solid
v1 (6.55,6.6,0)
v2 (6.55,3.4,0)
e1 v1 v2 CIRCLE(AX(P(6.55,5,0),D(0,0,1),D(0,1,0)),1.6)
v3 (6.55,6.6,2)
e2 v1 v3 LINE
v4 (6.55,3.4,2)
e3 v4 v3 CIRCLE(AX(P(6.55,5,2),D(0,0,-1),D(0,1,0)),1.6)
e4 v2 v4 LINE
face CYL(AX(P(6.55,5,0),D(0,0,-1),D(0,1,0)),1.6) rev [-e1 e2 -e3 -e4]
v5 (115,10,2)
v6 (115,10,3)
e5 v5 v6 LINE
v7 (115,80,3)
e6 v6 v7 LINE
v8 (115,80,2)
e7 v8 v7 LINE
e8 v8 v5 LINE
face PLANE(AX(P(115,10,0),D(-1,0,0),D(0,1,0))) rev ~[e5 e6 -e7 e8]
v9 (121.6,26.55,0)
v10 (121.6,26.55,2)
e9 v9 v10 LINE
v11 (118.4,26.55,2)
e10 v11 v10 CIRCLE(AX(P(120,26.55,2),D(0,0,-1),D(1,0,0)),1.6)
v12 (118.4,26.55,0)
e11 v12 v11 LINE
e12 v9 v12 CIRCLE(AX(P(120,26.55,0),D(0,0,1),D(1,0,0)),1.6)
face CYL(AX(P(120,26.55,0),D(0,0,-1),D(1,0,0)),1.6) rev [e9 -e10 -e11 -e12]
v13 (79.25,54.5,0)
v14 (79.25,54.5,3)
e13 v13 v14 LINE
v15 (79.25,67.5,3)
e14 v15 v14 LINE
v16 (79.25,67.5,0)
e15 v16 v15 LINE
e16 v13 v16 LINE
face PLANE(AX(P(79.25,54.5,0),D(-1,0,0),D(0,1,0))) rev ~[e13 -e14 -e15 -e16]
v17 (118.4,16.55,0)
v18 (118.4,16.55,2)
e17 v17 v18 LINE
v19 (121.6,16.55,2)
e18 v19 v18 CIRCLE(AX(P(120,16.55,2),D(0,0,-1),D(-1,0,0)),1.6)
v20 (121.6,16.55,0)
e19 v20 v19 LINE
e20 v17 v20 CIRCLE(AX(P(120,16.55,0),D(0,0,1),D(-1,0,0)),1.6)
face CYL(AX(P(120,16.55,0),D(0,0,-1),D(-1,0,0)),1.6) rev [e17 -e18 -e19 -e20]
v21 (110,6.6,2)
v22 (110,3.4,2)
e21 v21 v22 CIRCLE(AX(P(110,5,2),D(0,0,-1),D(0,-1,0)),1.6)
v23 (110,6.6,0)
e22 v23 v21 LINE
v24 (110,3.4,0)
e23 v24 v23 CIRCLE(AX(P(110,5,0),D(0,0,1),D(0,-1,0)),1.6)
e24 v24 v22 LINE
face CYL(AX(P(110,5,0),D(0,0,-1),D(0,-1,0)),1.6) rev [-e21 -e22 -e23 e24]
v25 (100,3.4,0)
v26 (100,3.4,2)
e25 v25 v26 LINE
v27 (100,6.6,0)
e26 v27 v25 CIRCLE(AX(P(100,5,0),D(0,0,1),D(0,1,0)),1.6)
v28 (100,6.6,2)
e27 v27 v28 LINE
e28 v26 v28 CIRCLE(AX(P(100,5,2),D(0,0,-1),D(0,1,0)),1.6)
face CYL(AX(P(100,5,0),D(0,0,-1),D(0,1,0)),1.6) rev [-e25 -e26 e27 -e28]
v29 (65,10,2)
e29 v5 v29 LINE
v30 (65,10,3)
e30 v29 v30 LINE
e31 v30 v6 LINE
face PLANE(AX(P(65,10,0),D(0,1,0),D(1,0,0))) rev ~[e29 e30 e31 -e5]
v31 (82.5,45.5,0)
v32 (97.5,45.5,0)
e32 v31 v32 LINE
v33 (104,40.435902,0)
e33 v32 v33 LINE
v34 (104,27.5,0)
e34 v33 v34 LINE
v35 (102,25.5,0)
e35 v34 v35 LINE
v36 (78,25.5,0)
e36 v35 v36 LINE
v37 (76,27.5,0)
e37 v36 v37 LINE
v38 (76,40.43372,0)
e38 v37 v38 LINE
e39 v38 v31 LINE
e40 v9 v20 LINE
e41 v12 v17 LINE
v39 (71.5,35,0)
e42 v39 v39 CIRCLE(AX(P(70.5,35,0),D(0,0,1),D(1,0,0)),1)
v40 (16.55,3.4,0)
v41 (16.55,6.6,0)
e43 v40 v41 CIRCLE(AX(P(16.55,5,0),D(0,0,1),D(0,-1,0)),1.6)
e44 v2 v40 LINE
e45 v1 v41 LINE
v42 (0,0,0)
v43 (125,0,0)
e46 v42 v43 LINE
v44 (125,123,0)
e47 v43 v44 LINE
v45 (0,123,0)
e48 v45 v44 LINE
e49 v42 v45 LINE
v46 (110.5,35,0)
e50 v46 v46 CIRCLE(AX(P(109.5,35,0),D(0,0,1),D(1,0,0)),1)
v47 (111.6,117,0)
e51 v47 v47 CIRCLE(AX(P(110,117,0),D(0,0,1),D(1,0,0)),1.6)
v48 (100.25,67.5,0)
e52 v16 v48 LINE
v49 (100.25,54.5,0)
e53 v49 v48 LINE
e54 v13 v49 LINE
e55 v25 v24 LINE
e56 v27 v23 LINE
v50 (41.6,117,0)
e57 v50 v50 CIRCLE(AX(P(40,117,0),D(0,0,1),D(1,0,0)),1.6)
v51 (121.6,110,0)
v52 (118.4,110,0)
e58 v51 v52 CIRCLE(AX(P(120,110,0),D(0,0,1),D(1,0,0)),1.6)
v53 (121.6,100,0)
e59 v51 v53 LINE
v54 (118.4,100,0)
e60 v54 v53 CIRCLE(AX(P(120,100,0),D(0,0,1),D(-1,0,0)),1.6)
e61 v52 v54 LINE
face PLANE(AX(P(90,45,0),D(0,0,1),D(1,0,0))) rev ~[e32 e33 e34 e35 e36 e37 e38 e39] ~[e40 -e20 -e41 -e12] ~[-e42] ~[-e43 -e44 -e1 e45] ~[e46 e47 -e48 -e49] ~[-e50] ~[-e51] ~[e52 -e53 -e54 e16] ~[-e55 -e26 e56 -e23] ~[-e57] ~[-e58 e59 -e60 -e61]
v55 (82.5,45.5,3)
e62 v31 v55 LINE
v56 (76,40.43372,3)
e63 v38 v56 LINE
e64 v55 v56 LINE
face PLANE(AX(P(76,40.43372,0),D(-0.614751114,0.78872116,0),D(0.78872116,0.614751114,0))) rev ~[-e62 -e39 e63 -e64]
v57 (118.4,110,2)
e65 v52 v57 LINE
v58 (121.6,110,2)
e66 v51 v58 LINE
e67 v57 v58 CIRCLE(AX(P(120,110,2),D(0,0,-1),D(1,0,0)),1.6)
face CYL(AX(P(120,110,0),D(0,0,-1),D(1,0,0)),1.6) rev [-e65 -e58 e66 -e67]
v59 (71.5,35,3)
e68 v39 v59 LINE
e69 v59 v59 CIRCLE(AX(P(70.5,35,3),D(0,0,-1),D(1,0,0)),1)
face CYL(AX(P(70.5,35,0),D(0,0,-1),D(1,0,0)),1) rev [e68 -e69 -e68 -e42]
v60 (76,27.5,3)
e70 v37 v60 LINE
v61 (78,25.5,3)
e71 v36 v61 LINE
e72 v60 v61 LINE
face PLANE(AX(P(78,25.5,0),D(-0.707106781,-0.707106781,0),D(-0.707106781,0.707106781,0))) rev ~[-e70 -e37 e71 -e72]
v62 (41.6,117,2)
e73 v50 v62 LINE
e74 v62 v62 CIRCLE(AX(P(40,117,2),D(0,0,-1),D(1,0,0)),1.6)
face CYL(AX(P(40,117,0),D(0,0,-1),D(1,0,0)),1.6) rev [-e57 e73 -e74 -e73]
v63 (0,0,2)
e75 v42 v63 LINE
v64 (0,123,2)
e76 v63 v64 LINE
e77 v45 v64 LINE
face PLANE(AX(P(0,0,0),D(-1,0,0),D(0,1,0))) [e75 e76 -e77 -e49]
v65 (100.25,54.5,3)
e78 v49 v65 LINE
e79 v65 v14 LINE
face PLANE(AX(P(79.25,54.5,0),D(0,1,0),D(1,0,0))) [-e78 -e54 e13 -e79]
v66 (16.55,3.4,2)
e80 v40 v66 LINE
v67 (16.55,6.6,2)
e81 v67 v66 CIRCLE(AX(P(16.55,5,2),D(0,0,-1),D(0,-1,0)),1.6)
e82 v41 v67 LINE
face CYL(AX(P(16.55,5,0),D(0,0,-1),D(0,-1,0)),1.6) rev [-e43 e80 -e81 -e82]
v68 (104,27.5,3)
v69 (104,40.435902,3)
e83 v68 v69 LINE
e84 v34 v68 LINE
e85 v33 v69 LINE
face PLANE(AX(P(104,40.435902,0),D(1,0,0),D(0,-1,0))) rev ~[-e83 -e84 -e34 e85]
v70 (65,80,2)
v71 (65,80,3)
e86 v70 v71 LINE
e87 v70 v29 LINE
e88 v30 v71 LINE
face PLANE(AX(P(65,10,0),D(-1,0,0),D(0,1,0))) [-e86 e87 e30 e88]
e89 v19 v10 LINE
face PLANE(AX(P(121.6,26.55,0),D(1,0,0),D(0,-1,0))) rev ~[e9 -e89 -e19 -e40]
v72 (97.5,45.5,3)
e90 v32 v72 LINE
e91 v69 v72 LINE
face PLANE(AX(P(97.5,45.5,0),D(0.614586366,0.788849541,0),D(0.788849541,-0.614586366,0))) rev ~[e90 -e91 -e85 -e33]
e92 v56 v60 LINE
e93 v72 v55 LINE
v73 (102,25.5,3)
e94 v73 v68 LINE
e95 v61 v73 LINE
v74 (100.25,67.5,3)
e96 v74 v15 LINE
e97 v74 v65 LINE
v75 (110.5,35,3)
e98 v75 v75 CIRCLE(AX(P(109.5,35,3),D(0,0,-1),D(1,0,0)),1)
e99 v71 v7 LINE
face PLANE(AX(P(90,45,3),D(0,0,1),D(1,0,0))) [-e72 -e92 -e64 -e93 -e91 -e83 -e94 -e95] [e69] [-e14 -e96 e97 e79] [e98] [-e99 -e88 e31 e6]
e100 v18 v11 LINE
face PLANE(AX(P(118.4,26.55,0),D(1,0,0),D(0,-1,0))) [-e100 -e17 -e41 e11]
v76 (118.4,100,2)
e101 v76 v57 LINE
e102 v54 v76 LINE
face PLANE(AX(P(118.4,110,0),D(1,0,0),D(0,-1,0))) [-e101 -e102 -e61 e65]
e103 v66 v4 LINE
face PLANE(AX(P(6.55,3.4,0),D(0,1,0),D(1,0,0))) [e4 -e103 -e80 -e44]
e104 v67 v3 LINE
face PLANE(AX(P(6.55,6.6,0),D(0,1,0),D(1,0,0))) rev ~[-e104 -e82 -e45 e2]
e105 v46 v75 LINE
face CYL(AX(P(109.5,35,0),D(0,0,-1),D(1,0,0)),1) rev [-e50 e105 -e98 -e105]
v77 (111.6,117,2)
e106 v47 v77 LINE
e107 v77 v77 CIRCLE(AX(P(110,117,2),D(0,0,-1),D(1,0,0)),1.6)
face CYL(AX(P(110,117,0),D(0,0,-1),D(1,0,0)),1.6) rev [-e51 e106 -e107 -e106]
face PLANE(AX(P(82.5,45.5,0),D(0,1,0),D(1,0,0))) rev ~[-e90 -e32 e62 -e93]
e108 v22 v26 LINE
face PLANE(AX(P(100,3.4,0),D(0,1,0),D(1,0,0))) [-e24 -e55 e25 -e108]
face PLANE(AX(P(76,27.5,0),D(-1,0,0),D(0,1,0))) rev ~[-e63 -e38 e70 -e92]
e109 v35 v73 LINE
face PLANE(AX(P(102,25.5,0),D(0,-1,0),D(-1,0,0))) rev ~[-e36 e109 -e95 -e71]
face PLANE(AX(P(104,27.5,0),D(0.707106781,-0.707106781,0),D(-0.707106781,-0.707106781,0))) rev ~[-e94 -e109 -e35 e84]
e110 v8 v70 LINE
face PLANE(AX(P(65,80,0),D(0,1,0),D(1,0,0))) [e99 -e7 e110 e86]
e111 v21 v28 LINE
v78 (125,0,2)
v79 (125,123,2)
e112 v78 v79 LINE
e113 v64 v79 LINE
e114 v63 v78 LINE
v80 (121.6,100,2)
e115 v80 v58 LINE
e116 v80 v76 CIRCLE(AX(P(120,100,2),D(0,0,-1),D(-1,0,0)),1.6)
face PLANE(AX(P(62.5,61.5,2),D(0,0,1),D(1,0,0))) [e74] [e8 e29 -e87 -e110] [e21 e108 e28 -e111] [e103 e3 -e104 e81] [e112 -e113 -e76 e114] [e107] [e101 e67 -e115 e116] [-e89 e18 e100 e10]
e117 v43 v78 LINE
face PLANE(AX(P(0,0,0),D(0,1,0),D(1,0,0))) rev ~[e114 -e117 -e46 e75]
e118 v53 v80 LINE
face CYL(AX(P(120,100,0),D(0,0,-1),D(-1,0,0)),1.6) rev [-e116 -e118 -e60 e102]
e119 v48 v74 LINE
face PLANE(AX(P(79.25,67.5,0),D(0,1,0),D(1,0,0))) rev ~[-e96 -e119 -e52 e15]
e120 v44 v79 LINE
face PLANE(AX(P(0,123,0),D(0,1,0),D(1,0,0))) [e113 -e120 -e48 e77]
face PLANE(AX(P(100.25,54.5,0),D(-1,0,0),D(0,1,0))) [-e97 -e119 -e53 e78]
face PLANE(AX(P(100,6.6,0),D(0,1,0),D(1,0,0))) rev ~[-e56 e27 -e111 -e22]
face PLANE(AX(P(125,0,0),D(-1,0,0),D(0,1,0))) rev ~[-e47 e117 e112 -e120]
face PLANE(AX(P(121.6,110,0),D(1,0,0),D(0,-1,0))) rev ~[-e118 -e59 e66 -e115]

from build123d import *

# Parameters (mm, degrees)
SKETCH_W        = 125
SKETCH_H        = 123
PAD_DEPTH       = 2
SKETCH001_W     = 50
SKETCH001_H     = 70
PAD001_DEPTH    = 3
POCKET_DEPTH    = 3.001
POCKET001_DEPTH = 3.001
SKETCH004_R     = 1.6
POCKET002_DEPTH = 3.001
SKETCH005_R     = 1.6
POCKET003_DEPTH = 3.001
POCKET004_DEPTH = 3.001
SKETCH007_R     = 1
POCKET005_DEPTH = 3.001
SKETCH008_R     = 1
POCKET006_DEPTH = 3.001
SKETCH009_W     = 21
SKETCH009_H     = 13
POCKET007_DEPTH = 3.001
POCKET008_DEPTH = 3.001
POCKET009_DEPTH = 3.001


with BuildPart() as part:
    # Sketch → Pad (new body)
    with BuildSketch(Plane.XY):
        with Locations((62.5, 61.5)):
            Rectangle(SKETCH_W, SKETCH_H)
    extrude(amount=PAD_DEPTH)

    # Sketch001 → Pad001 (join)
    with BuildSketch(Plane.XY):
        with Locations((90, 45)):
            Rectangle(SKETCH001_W, SKETCH001_H)
    extrude(amount=PAD001_DEPTH)

    # Sketch002 → Pocket (cut, through all)
    with BuildSketch(Plane.XY):
        with BuildLine():
            ThreePointArc((6.55, 6.6), (4.95, 5), (6.55, 3.4))
            Line((6.55, 3.4), (16.55, 3.4))
            ThreePointArc((16.55, 3.4), (18.15, 5), (16.55, 6.6))
            Line((6.55, 6.6), (16.55, 6.6))
        make_face()
    extrude(amount=POCKET_DEPTH, mode=Mode.SUBTRACT)

    # Sketch003 → Pocket001 (cut, through all)
    with BuildSketch(Plane.XY):
        with BuildLine():
            ThreePointArc((121.6, 26.55), (120, 28.15), (118.4, 26.55))
            Line((118.4, 26.55), (118.4, 16.55))
            ThreePointArc((118.4, 16.55), (120, 14.95), (121.6, 16.55))
            Line((121.6, 26.55), (121.6, 16.55))
        make_face()
    extrude(amount=POCKET001_DEPTH, mode=Mode.SUBTRACT)

    # Sketch004 → Pocket002 (cut, through all)
    with BuildSketch(Plane.XY):
        with Locations((110, 117)):
            Circle(SKETCH004_R)
    extrude(amount=POCKET002_DEPTH, mode=Mode.SUBTRACT)

    # Sketch005 → Pocket003 (cut, through all)
    with BuildSketch(Plane.XY):
        with Locations((40, 117)):
            Circle(SKETCH005_R)
    extrude(amount=POCKET003_DEPTH, mode=Mode.SUBTRACT)

    # Sketch006 → Pocket004 (cut, through all)
    with BuildSketch(Plane.XY):
        Polygon((76, 40.43372), (82.5, 45.5), (97.5, 45.5), (104, 40.435902), (104, 27.5), (102, 25.5), (78, 25.5), (76, 27.5), align=None)
    extrude(amount=POCKET004_DEPTH, mode=Mode.SUBTRACT)

    # Sketch007 → Pocket005 (cut, through all)
    with BuildSketch(Plane.XY):
        with Locations((70.5, 35)):
            Circle(SKETCH007_R)
    extrude(amount=POCKET005_DEPTH, mode=Mode.SUBTRACT)

    # Sketch008 → Pocket006 (cut, through all)
    with BuildSketch(Plane.XY):
        with Locations((109.5, 35)):
            Circle(SKETCH008_R)
    extrude(amount=POCKET006_DEPTH, mode=Mode.SUBTRACT)

    # Sketch009 → Pocket007 (cut, through all)
    with BuildSketch(Plane.XY):
        with Locations((89.75, 61)):
            Rectangle(SKETCH009_W, SKETCH009_H)
    extrude(amount=POCKET007_DEPTH, mode=Mode.SUBTRACT)

    # Sketch010 → Pocket008 (cut, through all)
    with BuildSketch(Plane.XY):
        with BuildLine():
            ThreePointArc((100, 6.6), (98.4, 5), (100, 3.4))
            Line((100, 3.4), (110, 3.4))
            ThreePointArc((110, 3.4), (111.6, 5), (110, 6.6))
            Line((100, 6.6), (110, 6.6))
        make_face()
    extrude(amount=POCKET008_DEPTH, mode=Mode.SUBTRACT)

    # Sketch011 → Pocket009 (cut, through all)
    with BuildSketch(Plane.XY):
        with BuildLine():
            ThreePointArc((121.6, 110), (120, 111.6), (118.4, 110))
            Line((118.4, 110), (118.4, 100))
            ThreePointArc((118.4, 100), (120, 98.4), (121.6, 100))
            Line((121.6, 110), (121.6, 100))
        make_face()
    extrude(amount=POCKET009_DEPTH, mode=Mode.SUBTRACT)


solid = part.part
